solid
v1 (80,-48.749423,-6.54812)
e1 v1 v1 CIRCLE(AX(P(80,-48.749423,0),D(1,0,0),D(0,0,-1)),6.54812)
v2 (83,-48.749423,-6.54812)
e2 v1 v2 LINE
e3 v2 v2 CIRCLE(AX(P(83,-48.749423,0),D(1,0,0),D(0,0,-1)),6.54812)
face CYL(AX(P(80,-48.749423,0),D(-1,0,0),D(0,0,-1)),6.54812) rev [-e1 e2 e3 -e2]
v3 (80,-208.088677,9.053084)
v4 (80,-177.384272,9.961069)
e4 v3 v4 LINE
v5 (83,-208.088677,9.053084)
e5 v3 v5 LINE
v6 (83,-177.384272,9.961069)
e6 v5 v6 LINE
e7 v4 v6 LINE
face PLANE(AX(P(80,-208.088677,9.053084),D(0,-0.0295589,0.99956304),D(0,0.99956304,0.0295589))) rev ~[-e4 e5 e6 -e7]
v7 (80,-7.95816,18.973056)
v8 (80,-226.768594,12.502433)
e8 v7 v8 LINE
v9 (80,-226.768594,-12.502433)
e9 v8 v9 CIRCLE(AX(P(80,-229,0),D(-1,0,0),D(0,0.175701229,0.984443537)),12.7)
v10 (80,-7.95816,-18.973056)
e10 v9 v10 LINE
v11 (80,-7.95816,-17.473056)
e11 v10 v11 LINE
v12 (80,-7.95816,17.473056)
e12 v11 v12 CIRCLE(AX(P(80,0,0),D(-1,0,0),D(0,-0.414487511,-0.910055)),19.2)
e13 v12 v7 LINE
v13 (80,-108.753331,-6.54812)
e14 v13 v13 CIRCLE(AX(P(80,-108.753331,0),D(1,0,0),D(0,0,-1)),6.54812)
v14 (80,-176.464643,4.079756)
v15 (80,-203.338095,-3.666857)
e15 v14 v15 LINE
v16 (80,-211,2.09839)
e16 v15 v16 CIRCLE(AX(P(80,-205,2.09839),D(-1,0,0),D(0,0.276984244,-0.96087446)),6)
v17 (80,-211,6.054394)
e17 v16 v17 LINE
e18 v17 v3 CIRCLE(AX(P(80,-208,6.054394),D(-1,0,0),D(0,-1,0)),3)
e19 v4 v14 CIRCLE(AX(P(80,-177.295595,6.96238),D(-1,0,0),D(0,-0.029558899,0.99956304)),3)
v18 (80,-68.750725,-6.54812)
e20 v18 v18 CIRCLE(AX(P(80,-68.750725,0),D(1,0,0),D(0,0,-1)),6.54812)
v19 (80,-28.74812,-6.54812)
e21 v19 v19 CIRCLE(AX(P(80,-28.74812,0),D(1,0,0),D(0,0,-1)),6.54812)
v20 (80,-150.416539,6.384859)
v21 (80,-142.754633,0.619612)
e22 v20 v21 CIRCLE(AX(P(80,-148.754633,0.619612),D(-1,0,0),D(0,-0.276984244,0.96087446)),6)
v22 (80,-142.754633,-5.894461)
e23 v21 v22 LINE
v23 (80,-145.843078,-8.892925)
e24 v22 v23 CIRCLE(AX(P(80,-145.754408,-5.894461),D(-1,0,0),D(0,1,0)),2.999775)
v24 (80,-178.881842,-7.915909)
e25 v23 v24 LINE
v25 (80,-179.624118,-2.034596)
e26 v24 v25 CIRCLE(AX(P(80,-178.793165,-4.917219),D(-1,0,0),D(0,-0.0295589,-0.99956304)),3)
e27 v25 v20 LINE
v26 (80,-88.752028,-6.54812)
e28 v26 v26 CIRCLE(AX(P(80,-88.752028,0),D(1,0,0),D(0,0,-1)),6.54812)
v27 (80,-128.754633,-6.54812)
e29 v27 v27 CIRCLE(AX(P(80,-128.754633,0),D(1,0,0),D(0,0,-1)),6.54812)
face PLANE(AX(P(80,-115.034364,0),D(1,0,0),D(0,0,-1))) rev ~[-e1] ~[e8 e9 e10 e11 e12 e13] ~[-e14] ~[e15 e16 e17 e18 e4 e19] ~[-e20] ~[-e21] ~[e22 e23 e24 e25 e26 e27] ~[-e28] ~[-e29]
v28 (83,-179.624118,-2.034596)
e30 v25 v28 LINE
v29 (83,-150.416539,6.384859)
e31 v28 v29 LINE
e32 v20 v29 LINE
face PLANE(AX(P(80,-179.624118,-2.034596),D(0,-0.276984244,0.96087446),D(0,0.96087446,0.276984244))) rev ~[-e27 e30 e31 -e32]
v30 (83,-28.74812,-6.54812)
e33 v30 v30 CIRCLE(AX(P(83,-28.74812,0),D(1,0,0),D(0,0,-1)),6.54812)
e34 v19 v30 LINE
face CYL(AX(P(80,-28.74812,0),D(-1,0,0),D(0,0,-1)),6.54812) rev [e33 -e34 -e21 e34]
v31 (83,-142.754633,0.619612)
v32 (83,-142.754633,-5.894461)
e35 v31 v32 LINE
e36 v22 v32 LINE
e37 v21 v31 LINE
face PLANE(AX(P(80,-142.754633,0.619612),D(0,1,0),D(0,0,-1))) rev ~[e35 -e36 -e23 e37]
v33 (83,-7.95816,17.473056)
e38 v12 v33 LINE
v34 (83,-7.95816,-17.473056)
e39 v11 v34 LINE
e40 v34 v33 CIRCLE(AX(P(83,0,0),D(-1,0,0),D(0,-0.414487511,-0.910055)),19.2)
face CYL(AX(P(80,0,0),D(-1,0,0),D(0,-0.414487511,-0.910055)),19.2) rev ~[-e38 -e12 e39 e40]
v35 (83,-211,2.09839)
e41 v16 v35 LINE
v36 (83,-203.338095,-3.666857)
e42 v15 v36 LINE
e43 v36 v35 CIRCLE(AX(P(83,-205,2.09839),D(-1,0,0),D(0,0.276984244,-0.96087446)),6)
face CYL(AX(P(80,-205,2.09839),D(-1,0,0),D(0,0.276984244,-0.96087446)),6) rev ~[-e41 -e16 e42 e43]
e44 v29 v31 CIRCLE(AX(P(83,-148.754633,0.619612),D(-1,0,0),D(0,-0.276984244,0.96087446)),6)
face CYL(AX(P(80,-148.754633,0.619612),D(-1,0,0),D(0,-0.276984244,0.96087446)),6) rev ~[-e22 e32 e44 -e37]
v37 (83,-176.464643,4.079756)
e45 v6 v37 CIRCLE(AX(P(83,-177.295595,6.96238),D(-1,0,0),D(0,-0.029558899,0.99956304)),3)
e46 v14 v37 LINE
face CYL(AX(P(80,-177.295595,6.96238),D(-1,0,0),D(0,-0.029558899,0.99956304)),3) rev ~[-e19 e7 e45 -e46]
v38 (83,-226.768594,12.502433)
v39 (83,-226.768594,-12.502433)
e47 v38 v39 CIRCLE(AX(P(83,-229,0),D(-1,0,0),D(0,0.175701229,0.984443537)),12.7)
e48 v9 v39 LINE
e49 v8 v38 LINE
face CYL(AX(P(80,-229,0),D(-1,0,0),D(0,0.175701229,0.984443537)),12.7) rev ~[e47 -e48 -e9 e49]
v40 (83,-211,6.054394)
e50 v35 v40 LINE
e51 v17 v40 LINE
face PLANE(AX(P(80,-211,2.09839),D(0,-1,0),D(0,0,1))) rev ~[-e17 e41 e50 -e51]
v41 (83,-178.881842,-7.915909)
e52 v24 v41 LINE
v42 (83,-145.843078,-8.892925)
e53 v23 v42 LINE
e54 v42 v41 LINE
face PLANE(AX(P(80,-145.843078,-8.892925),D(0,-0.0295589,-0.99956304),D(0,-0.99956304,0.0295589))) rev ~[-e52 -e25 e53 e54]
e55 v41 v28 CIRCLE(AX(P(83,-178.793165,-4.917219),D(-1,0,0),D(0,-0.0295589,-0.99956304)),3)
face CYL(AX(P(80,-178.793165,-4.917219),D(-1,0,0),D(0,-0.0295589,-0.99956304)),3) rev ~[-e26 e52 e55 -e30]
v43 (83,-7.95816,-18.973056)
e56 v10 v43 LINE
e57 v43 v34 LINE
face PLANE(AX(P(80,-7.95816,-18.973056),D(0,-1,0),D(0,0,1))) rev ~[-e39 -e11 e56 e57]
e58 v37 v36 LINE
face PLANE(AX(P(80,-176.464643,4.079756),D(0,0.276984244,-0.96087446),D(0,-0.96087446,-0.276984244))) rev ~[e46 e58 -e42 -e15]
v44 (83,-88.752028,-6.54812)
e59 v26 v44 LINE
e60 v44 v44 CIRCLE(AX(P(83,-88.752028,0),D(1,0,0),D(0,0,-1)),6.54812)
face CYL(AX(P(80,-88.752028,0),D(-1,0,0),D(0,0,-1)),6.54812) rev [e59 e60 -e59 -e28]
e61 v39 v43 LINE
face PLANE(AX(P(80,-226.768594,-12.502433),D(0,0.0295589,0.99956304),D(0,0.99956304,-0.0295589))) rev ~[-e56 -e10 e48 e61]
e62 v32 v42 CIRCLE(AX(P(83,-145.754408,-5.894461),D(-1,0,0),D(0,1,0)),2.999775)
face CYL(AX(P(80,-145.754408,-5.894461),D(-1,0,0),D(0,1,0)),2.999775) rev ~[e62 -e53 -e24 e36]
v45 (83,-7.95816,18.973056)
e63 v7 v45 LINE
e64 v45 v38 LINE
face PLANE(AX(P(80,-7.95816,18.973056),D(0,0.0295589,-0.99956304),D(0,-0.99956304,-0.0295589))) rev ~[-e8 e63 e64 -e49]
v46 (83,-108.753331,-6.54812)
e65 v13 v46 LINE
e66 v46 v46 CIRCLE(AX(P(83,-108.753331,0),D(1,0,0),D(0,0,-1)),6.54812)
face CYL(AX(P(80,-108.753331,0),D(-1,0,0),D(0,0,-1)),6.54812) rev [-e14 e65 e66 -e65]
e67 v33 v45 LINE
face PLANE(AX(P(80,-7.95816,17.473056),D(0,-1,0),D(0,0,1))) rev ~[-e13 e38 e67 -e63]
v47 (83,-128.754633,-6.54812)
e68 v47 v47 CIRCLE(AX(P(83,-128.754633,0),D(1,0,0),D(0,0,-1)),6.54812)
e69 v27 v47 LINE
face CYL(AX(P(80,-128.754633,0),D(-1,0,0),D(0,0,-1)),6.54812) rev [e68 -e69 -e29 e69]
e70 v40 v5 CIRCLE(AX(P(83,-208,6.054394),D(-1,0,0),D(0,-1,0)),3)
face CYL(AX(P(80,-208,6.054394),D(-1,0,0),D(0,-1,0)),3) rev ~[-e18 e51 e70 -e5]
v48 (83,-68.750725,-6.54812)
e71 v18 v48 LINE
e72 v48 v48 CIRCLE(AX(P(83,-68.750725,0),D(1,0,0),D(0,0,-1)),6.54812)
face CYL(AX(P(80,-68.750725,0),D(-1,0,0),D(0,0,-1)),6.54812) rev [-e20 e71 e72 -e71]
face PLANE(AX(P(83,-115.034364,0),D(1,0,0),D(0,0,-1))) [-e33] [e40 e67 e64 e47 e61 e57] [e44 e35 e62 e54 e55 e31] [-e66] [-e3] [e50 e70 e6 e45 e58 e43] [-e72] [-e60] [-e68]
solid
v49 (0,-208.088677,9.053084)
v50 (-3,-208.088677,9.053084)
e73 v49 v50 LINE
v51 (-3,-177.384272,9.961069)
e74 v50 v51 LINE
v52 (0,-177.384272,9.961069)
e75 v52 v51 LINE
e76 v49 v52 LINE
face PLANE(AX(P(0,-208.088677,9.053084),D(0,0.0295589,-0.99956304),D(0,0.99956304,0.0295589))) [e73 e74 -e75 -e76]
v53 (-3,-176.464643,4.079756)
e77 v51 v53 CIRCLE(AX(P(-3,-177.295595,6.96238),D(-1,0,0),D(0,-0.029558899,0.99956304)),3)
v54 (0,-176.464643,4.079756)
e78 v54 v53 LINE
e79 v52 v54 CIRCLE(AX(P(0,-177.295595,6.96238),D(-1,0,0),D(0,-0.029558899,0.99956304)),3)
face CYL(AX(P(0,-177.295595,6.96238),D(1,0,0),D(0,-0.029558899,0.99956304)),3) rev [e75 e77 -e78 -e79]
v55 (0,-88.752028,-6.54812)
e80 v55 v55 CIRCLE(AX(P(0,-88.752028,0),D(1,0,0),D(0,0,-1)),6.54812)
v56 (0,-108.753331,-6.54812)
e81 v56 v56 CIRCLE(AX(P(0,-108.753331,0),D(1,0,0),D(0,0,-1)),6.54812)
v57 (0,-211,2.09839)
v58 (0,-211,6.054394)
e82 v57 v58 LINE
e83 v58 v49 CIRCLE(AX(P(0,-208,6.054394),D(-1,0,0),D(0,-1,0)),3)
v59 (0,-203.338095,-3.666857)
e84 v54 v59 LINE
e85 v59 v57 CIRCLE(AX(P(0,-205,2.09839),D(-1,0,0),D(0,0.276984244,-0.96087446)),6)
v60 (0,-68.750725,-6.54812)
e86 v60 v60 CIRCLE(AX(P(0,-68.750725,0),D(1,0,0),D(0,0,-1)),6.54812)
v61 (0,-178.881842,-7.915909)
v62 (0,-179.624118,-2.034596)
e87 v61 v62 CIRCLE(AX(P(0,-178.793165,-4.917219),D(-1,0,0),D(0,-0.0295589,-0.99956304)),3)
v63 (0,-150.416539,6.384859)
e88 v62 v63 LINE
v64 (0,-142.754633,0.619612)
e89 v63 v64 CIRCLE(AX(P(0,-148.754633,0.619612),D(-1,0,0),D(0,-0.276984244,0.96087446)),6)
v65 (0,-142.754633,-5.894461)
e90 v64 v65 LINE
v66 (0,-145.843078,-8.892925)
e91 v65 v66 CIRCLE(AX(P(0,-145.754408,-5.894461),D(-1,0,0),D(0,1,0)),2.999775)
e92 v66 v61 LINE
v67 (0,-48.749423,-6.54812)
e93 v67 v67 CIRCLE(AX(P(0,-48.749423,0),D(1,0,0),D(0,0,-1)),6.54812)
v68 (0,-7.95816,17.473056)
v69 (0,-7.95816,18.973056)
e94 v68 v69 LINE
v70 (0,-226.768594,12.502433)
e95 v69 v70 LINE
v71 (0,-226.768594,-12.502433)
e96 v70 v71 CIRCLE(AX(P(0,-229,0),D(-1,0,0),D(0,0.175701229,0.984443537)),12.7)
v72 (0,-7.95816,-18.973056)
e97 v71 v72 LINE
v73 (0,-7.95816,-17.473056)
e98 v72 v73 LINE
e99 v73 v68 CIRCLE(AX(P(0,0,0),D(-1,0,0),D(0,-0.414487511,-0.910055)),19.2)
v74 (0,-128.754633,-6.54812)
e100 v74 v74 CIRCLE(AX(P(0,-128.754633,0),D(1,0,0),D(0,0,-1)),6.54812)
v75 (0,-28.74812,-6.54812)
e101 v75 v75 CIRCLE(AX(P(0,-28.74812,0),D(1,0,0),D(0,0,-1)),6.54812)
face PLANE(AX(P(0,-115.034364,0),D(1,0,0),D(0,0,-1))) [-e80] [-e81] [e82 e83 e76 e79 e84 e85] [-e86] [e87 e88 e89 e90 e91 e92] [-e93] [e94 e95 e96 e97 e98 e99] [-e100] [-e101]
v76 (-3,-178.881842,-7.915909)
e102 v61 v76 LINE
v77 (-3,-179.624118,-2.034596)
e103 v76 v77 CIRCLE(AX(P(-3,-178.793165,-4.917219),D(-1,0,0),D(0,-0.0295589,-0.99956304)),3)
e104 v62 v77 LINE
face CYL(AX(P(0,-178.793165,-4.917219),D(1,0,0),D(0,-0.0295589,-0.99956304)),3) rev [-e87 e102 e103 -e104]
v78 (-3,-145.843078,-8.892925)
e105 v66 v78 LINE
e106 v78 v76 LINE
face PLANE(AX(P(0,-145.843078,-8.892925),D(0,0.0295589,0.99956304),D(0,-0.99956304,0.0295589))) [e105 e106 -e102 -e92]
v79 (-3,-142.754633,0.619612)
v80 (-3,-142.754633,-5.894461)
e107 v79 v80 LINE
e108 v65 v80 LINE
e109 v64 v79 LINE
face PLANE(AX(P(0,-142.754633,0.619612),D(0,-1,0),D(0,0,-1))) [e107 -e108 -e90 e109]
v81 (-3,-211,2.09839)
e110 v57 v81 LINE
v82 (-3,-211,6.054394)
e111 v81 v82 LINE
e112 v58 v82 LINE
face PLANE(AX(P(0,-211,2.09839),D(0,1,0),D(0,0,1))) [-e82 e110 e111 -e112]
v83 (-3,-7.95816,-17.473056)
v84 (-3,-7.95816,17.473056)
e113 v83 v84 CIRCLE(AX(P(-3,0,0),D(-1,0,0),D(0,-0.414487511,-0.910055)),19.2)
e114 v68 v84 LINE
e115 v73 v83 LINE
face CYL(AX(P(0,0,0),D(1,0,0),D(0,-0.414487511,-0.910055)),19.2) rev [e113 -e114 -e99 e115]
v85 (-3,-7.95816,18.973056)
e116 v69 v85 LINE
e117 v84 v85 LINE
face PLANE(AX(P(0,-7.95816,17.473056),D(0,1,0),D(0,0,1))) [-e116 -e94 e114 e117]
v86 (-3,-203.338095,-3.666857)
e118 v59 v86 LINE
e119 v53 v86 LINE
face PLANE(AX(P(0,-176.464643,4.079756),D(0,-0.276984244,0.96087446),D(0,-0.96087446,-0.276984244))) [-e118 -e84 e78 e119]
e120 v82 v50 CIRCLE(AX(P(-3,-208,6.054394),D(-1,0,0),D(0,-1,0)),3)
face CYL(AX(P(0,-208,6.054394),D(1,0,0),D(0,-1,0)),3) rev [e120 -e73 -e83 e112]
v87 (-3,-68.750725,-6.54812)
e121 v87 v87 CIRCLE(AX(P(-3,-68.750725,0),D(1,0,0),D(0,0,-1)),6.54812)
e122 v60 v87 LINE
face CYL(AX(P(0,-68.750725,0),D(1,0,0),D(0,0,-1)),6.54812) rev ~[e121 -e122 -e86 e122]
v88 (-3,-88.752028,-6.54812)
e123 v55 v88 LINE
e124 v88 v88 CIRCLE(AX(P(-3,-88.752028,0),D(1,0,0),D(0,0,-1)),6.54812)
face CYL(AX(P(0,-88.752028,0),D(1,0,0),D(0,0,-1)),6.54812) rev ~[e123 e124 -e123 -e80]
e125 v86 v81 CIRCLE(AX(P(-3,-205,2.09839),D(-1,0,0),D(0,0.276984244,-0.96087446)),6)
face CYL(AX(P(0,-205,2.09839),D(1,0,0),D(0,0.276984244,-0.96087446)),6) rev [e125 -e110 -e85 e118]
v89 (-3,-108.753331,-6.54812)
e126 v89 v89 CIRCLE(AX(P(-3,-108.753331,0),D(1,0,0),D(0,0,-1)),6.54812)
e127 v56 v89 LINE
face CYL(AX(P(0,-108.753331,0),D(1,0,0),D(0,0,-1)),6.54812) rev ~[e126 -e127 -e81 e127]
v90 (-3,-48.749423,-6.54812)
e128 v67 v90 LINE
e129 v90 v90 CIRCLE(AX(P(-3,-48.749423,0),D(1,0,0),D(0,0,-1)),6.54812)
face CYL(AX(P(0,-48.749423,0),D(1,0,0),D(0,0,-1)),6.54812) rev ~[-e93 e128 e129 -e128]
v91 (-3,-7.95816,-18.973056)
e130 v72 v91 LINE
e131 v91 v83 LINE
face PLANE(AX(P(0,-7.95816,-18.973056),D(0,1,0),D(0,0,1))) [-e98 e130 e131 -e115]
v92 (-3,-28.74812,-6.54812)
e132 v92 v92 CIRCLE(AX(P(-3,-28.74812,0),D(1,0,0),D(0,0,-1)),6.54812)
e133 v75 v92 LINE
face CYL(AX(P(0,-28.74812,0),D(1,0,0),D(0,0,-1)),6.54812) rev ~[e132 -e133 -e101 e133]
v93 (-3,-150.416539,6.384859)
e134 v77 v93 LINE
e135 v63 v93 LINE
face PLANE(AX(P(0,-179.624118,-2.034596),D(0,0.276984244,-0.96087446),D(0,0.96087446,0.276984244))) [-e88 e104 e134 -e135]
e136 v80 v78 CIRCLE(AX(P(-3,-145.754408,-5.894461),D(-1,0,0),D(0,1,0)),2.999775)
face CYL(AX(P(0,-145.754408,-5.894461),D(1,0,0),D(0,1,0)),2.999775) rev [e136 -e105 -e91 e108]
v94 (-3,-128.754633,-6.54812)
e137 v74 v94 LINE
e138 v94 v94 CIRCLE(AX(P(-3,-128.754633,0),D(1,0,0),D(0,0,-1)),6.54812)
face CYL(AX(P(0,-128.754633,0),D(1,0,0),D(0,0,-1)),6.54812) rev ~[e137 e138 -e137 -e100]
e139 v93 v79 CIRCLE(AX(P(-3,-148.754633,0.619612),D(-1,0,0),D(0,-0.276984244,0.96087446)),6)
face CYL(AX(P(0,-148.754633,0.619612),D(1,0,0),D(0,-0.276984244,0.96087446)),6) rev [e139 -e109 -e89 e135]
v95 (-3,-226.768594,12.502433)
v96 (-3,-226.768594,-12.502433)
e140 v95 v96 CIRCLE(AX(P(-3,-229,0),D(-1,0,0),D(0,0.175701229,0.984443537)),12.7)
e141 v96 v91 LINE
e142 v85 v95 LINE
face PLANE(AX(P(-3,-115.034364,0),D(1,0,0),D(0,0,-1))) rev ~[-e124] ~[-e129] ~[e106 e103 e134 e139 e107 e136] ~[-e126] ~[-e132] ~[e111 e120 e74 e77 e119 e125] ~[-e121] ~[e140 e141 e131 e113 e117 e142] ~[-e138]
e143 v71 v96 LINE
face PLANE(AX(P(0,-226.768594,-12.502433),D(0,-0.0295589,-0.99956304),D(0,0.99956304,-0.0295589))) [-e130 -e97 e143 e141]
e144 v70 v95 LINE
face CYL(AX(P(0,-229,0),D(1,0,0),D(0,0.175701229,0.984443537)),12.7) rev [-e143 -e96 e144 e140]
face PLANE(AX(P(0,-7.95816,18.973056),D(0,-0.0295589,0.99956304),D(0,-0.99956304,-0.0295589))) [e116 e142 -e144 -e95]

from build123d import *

# Parameters (mm, degrees)
SKETCH1_2_R         = 6.54812
BOSS_EXTRUDE2_DEPTH = 3
BOSS_EXTRUDE1_START = 80
SKETCH1_R           = 6.54812
BOSS_EXTRUDE1_DEPTH = 3


with BuildPart() as part:
    # Sketch1<2> → Boss-Extrude2 (new body)
    with BuildSketch(Plane(origin=(0, 0, 0), x_dir=(0, 0, -1), z_dir=(1, 0, 0))):
        with BuildLine():
            Line((-18.973056002, -7.958160211), (-12.502432925, -226.768594398))
            ThreePointArc((-12.502432925, -226.768594398), (0, -216.3), (12.502432925, -226.768594398))
            Line((12.502432925, -226.768594398), (18.973056002, -7.958160211))
            Line((18.973056002, -7.958160211), (17.473056002, -7.958160211))
            ThreePointArc((17.473056002, -7.958160211), (0, -19.2), (-17.473056002, -7.958160211))
            Line((-17.473056002, -7.958160211), (-18.973056002, -7.958160211))
        make_face()
        with Locations((0, -48.749422679)):
            Circle(SKETCH1_2_R, mode=Mode.SUBTRACT)
        with Locations((0, -28.74812)):
            Circle(SKETCH1_2_R, mode=Mode.SUBTRACT)
        with Locations((0, -68.750725358)):
            Circle(SKETCH1_2_R, mode=Mode.SUBTRACT)
        with Locations((0, -88.752028037)):
            Circle(SKETCH1_2_R, mode=Mode.SUBTRACT)
        with Locations((0, -108.753330716)):
            Circle(SKETCH1_2_R, mode=Mode.SUBTRACT)
        with Locations((0, -128.754633395)):
            Circle(SKETCH1_2_R, mode=Mode.SUBTRACT)
        with BuildLine():
            Line((-4.079756176, -176.464642755), (3.666856963, -203.338094537))
            ThreePointArc((3.666856963, -203.338094537), (2.695952323, -208.607531512), (-2.0983898, -211))
            Line((-2.0983898, -211), (-6.054394391, -211))
            ThreePointArc((-6.054394391, -211), (-8.144127616, -210.152443971), (-9.053083512, -208.088676699))
            Line((-9.053083512, -208.088676699), (-9.961068678, -177.384272185))
            ThreePointArc((-9.961068678, -177.384272185), (-7.425841946, -174.33161124), (-4.079756176, -176.464642755))
        make_face(mode=Mode.SUBTRACT)
        with BuildLine():
            Line((-0.619612161, -142.754633395), (5.894460955, -142.754633395))
            ThreePointArc((5.894460955, -142.754633395), (8.046743318, -143.664831826), (8.892924931, -145.843078193))
            Line((8.892924931, -145.843078193), (7.915908511, -178.881841947))
            ThreePointArc((7.915908511, -178.881841947), (5.292867152, -181.769553791), (2.034596009, -179.624117979))
            Line((2.034596009, -179.624117979), (-6.384858924, -150.416538858))
            ThreePointArc((-6.384858924, -150.416538858), (-5.413954284, -145.147101883), (-0.619612161, -142.754633395))
        make_face(mode=Mode.SUBTRACT)
    extrude(amount=-BOSS_EXTRUDE2_DEPTH)


with BuildPart() as body_2:
    # Sketch1 → Boss-Extrude1 (new body)
    with BuildSketch(Plane(origin=(0, 0, 0), x_dir=(0, 0, -1), z_dir=(1, 0, 0)).offset(BOSS_EXTRUDE1_START)):
        with BuildLine():
            Line((-18.973056002, -7.958160211), (-12.502432925, -226.768594398))
            ThreePointArc((-12.502432925, -226.768594398), (0, -216.3), (12.502432925, -226.768594398))
            Line((12.502432925, -226.768594398), (18.973056002, -7.958160211))
            Line((18.973056002, -7.958160211), (17.473056002, -7.958160211))
            ThreePointArc((17.473056002, -7.958160211), (0, -19.2), (-17.473056002, -7.958160211))
            Line((-17.473056002, -7.958160211), (-18.973056002, -7.958160211))
        make_face()
        with Locations((0, -48.749422679)):
            Circle(SKETCH1_R, mode=Mode.SUBTRACT)
        with Locations((0, -28.74812)):
            Circle(SKETCH1_R, mode=Mode.SUBTRACT)
        with Locations((0, -68.750725358)):
            Circle(SKETCH1_R, mode=Mode.SUBTRACT)
        with Locations((0, -88.752028037)):
            Circle(SKETCH1_R, mode=Mode.SUBTRACT)
        with Locations((0, -108.753330716)):
            Circle(SKETCH1_R, mode=Mode.SUBTRACT)
        with Locations((0, -128.754633395)):
            Circle(SKETCH1_R, mode=Mode.SUBTRACT)
        with BuildLine():
            Line((-4.079756176, -176.464642755), (3.666856963, -203.338094537))
            ThreePointArc((3.666856963, -203.338094537), (2.695952323, -208.607531512), (-2.0983898, -211))
            Line((-2.0983898, -211), (-6.054394391, -211))
            ThreePointArc((-6.054394391, -211), (-8.144127616, -210.152443971), (-9.053083512, -208.088676699))
            Line((-9.053083512, -208.088676699), (-9.961068678, -177.384272185))
            ThreePointArc((-9.961068678, -177.384272185), (-7.425841946, -174.33161124), (-4.079756176, -176.464642755))
        make_face(mode=Mode.SUBTRACT)
        with BuildLine():
            Line((-0.619612161, -142.754633395), (5.894460955, -142.754633395))
            ThreePointArc((5.894460955, -142.754633395), (8.046743318, -143.664831826), (8.892924931, -145.843078193))
            Line((8.892924931, -145.843078193), (7.915908511, -178.881841947))
            ThreePointArc((7.915908511, -178.881841947), (5.292867152, -181.769553791), (2.034596009, -179.624117979))
            Line((2.034596009, -179.624117979), (-6.384858924, -150.416538858))
            ThreePointArc((-6.384858924, -150.416538858), (-5.413954284, -145.147101883), (-0.619612161, -142.754633395))
        make_face(mode=Mode.SUBTRACT)
    extrude(amount=BOSS_EXTRUDE1_DEPTH)


solid = Compound([part.part, body_2.part])
